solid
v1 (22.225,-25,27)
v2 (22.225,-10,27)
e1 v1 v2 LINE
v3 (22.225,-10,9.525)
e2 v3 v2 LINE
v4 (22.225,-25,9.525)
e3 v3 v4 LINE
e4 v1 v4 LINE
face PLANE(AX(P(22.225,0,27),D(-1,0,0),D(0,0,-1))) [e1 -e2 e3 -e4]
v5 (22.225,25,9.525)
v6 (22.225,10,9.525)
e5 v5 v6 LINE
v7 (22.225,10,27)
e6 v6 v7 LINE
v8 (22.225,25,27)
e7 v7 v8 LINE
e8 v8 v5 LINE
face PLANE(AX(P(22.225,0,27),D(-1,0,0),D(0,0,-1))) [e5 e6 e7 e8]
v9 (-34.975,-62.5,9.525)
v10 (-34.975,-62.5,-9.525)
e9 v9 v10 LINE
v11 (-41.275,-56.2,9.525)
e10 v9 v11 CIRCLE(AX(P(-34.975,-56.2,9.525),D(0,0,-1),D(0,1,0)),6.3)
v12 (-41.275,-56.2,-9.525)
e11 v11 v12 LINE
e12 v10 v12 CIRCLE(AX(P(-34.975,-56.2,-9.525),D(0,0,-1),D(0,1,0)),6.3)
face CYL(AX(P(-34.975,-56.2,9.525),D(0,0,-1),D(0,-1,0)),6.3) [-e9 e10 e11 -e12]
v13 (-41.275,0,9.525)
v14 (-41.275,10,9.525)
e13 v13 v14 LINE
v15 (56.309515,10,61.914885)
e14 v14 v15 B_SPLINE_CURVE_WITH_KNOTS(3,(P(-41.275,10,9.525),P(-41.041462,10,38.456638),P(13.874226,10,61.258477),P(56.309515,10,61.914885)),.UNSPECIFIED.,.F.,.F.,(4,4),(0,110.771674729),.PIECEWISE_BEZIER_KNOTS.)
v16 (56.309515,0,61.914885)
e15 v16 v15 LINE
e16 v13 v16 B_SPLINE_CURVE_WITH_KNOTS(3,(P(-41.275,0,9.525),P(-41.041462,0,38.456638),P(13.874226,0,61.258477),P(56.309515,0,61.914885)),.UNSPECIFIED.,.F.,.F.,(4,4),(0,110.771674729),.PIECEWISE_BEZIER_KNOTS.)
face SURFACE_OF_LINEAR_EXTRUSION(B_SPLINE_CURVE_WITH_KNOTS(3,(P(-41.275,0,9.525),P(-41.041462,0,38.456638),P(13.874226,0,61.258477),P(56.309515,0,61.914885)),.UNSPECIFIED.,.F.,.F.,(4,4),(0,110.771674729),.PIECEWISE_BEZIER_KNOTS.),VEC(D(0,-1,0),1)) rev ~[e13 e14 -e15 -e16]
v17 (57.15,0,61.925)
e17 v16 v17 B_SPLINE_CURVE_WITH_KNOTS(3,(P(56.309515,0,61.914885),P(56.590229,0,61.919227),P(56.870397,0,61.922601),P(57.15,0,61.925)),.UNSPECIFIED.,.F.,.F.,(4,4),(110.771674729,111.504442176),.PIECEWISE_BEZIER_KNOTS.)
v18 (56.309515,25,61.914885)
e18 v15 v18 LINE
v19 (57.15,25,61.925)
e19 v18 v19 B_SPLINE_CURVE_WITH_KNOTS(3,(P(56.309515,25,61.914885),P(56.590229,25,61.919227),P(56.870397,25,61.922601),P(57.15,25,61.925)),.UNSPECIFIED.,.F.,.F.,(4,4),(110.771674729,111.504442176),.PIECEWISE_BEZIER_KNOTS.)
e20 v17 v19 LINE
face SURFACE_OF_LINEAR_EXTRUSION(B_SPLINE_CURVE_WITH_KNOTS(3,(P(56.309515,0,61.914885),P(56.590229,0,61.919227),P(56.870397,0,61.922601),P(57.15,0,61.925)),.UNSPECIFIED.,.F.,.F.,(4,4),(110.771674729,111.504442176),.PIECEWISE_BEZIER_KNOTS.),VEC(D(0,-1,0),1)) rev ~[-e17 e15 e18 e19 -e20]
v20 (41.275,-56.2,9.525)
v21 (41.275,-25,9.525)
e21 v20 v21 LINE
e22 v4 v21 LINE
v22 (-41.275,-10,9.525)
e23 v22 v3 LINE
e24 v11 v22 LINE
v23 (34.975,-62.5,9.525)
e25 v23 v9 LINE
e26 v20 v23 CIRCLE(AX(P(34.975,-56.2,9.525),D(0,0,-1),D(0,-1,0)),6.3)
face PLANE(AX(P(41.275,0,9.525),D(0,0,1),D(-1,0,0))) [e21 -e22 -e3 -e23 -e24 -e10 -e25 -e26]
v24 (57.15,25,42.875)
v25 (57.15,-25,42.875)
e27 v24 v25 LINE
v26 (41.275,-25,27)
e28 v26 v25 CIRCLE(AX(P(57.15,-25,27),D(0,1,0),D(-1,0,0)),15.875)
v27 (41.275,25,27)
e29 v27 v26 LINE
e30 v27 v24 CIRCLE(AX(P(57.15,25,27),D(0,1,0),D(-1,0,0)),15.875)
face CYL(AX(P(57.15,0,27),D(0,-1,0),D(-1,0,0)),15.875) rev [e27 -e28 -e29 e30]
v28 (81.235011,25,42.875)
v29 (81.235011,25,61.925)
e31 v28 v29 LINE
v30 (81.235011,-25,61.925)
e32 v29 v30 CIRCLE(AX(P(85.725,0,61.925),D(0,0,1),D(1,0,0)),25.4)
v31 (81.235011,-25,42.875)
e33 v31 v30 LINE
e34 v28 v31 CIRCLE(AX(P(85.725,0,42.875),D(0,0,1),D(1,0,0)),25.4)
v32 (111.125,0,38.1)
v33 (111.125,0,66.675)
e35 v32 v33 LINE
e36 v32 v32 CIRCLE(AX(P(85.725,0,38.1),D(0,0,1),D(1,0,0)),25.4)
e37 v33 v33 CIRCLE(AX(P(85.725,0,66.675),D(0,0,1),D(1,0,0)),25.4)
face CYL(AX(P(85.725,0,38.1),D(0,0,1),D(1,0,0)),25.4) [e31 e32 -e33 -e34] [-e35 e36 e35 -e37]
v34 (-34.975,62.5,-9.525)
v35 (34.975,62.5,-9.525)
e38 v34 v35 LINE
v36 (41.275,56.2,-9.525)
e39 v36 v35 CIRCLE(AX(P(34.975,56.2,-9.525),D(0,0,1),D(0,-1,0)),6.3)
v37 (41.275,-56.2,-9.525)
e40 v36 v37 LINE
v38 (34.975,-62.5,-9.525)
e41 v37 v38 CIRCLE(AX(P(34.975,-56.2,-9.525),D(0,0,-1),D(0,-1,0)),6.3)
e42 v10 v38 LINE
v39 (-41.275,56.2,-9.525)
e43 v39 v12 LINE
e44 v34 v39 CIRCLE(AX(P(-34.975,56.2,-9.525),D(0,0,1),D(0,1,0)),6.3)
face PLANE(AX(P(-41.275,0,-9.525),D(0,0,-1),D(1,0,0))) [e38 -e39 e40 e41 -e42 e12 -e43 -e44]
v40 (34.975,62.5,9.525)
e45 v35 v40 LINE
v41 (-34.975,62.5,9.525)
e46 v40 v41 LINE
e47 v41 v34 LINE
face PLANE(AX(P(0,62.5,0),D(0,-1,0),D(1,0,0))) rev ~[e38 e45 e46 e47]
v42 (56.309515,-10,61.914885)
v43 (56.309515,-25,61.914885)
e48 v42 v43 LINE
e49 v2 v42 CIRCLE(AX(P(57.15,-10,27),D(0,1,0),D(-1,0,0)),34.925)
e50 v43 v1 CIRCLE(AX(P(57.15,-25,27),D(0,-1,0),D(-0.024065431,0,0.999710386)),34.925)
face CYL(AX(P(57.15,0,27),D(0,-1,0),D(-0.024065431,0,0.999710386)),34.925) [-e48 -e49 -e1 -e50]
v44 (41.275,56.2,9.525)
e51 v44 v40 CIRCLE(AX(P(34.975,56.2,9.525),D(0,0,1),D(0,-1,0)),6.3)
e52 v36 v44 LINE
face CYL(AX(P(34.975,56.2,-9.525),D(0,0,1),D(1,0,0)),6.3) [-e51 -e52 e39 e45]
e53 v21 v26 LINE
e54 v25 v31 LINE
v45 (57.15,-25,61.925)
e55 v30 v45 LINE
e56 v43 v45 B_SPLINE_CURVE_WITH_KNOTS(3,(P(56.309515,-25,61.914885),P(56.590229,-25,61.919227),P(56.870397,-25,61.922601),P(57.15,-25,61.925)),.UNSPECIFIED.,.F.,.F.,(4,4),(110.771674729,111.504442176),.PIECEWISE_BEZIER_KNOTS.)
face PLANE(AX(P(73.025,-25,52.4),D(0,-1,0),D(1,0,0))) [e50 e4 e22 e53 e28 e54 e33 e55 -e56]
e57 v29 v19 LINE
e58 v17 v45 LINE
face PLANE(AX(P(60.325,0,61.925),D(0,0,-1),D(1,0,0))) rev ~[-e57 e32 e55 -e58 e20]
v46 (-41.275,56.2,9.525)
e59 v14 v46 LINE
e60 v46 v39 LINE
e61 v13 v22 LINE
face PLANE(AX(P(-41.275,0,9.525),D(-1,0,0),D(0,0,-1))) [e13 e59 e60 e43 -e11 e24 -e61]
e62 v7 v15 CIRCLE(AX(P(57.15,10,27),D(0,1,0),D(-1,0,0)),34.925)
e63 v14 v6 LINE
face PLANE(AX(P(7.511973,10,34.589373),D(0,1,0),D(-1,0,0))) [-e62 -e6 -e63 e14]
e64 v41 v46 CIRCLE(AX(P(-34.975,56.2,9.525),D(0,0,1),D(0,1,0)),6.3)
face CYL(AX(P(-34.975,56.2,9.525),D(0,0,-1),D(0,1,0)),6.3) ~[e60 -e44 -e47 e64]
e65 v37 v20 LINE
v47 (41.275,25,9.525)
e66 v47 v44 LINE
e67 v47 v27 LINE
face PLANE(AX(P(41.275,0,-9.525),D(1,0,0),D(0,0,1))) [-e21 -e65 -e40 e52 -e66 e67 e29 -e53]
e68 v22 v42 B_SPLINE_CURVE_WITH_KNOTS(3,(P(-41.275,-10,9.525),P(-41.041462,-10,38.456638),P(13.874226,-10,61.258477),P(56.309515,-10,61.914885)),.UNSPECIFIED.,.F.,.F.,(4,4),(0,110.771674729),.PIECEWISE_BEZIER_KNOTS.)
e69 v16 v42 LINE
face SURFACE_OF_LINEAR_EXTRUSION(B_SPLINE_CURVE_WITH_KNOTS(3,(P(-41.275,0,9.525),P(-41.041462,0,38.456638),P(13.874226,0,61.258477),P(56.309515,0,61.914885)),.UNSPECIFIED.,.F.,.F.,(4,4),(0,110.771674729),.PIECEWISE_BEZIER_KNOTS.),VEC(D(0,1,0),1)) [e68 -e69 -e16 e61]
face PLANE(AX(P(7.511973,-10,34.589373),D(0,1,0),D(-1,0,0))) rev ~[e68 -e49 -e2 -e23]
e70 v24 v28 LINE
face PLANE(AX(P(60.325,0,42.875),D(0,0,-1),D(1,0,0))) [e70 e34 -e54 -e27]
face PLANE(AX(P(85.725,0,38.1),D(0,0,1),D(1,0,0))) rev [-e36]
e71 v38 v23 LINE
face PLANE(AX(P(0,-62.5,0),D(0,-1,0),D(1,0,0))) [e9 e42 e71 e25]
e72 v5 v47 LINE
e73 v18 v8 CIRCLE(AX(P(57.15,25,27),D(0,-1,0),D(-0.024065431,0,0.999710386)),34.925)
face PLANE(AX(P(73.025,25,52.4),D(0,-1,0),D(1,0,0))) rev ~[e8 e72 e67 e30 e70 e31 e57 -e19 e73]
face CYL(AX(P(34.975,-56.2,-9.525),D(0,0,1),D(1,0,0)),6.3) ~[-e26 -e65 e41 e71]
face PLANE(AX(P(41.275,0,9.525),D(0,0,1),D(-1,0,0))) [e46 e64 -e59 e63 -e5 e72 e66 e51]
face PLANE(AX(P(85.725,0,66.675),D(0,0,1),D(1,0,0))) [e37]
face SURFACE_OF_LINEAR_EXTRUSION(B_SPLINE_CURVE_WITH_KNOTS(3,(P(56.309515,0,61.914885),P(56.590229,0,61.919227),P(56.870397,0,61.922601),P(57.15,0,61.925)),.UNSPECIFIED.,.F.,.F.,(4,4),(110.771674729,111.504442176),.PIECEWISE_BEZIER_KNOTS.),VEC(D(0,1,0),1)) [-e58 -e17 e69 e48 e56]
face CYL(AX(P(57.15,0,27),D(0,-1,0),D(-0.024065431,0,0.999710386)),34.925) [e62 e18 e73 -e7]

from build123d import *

# Parameters (mm, degrees)
F1_DEPTH = 62.5
F2_DEPTH = 25
F3_DEPTH = 10
F0_W     = 25.4
F0_H     = 19.05
F4_DEPTH = 25
F6_R     = 6.3


with BuildPart() as f1:
    # F0 (on Front) → F1 (new body, symmetric)
    with BuildSketch(Plane.XZ):
        Polygon((22.225, 9.525), (-41.275, 9.525), (-41.275, -9.525), (41.275, -9.525), (41.275, 9.525), align=None)
    extrude(amount=F1_DEPTH, both=True)

    # F0 (on Front) → F2 (join, symmetric)
    with BuildSketch(Plane.XZ):
        with BuildLine():
            Line((22.225, 27), (22.225, 9.525))
            Line((22.225, 9.525), (41.275, 9.525))
            Line((41.275, 9.525), (41.275, 27))
            ThreePointArc((41.275, 27), (45.9246798487, 38.2253201513), (57.15, 42.875))
            Line((57.15, 42.875), (60.325, 42.875))
            Line((60.325, 42.875), (60.325, 61.925))
            Line((60.325, 61.925), (57.15, 61.925))
            add(Edge.make_bspline(
                [(56.3095148164, 61.9148852161), (56.5902291642, 61.9192274348), (56.8703973727, 61.9226005748), (57.15, 61.925)],
                knots=[110.7716747291, 110.7716747291, 110.7716747291, 110.7716747291, 111.5044421761, 111.5044421761, 111.5044421761, 111.5044421761], degree=3))
            ThreePointArc((56.3095148164, 61.9148852161), (32.1589058859, 51.3967383062), (22.225, 27))
        make_face()
    extrude(amount=F2_DEPTH, both=True)

    # F0 (on Front) → F3 (join, symmetric)
    with BuildSketch(Plane.XZ):
        with BuildLine():
            add(Edge.make_bspline(
                [(-41.275, 9.525), (-41.0414624957, 38.4566380676), (13.8742257665, 61.2584766517), (56.3095148164, 61.9148852161)],
                knots=[0, 0, 0, 0, 110.7716747291, 110.7716747291, 110.7716747291, 110.7716747291], degree=3))
            Line((-41.275, 9.525), (22.225, 9.525))
            Line((22.225, 9.525), (22.225, 27))
            ThreePointArc((22.225, 27), (32.1589058859, 51.3967383062), (56.3095148164, 61.9148852161))
        make_face()
    extrude(amount=F3_DEPTH, both=True)

    # F0 (on Front) → F4 (join, symmetric)
    with BuildSketch(Plane.XZ):
        with Locations((73.025, 52.4)):
            Rectangle(F0_W, F0_H)
    extrude(amount=F4_DEPTH, both=True)

    # F0 (on Front) → F5 (revolve)
    with BuildSketch(Plane.XZ):
        Polygon((85.725, 66.675), (85.725, 61.925), (85.725, 42.875), (85.725, 38.1), (111.125, 38.1), (111.125, 66.675), align=None)
    revolve(axis=Axis((85.725, 0, 52.3875), (0, 0, 1)))

    # F6
    f6_edges = [f1.edges().sort_by_distance(p)[0] for p in [
        (41.275, -62.5, 0),
        (-41.275, -62.5, 0),
        (41.275, 62.5, 0),
        (-41.275, 62.5, 0),
    ]]
    fillet(f6_edges, radius=F6_R)


solid = f1.part
